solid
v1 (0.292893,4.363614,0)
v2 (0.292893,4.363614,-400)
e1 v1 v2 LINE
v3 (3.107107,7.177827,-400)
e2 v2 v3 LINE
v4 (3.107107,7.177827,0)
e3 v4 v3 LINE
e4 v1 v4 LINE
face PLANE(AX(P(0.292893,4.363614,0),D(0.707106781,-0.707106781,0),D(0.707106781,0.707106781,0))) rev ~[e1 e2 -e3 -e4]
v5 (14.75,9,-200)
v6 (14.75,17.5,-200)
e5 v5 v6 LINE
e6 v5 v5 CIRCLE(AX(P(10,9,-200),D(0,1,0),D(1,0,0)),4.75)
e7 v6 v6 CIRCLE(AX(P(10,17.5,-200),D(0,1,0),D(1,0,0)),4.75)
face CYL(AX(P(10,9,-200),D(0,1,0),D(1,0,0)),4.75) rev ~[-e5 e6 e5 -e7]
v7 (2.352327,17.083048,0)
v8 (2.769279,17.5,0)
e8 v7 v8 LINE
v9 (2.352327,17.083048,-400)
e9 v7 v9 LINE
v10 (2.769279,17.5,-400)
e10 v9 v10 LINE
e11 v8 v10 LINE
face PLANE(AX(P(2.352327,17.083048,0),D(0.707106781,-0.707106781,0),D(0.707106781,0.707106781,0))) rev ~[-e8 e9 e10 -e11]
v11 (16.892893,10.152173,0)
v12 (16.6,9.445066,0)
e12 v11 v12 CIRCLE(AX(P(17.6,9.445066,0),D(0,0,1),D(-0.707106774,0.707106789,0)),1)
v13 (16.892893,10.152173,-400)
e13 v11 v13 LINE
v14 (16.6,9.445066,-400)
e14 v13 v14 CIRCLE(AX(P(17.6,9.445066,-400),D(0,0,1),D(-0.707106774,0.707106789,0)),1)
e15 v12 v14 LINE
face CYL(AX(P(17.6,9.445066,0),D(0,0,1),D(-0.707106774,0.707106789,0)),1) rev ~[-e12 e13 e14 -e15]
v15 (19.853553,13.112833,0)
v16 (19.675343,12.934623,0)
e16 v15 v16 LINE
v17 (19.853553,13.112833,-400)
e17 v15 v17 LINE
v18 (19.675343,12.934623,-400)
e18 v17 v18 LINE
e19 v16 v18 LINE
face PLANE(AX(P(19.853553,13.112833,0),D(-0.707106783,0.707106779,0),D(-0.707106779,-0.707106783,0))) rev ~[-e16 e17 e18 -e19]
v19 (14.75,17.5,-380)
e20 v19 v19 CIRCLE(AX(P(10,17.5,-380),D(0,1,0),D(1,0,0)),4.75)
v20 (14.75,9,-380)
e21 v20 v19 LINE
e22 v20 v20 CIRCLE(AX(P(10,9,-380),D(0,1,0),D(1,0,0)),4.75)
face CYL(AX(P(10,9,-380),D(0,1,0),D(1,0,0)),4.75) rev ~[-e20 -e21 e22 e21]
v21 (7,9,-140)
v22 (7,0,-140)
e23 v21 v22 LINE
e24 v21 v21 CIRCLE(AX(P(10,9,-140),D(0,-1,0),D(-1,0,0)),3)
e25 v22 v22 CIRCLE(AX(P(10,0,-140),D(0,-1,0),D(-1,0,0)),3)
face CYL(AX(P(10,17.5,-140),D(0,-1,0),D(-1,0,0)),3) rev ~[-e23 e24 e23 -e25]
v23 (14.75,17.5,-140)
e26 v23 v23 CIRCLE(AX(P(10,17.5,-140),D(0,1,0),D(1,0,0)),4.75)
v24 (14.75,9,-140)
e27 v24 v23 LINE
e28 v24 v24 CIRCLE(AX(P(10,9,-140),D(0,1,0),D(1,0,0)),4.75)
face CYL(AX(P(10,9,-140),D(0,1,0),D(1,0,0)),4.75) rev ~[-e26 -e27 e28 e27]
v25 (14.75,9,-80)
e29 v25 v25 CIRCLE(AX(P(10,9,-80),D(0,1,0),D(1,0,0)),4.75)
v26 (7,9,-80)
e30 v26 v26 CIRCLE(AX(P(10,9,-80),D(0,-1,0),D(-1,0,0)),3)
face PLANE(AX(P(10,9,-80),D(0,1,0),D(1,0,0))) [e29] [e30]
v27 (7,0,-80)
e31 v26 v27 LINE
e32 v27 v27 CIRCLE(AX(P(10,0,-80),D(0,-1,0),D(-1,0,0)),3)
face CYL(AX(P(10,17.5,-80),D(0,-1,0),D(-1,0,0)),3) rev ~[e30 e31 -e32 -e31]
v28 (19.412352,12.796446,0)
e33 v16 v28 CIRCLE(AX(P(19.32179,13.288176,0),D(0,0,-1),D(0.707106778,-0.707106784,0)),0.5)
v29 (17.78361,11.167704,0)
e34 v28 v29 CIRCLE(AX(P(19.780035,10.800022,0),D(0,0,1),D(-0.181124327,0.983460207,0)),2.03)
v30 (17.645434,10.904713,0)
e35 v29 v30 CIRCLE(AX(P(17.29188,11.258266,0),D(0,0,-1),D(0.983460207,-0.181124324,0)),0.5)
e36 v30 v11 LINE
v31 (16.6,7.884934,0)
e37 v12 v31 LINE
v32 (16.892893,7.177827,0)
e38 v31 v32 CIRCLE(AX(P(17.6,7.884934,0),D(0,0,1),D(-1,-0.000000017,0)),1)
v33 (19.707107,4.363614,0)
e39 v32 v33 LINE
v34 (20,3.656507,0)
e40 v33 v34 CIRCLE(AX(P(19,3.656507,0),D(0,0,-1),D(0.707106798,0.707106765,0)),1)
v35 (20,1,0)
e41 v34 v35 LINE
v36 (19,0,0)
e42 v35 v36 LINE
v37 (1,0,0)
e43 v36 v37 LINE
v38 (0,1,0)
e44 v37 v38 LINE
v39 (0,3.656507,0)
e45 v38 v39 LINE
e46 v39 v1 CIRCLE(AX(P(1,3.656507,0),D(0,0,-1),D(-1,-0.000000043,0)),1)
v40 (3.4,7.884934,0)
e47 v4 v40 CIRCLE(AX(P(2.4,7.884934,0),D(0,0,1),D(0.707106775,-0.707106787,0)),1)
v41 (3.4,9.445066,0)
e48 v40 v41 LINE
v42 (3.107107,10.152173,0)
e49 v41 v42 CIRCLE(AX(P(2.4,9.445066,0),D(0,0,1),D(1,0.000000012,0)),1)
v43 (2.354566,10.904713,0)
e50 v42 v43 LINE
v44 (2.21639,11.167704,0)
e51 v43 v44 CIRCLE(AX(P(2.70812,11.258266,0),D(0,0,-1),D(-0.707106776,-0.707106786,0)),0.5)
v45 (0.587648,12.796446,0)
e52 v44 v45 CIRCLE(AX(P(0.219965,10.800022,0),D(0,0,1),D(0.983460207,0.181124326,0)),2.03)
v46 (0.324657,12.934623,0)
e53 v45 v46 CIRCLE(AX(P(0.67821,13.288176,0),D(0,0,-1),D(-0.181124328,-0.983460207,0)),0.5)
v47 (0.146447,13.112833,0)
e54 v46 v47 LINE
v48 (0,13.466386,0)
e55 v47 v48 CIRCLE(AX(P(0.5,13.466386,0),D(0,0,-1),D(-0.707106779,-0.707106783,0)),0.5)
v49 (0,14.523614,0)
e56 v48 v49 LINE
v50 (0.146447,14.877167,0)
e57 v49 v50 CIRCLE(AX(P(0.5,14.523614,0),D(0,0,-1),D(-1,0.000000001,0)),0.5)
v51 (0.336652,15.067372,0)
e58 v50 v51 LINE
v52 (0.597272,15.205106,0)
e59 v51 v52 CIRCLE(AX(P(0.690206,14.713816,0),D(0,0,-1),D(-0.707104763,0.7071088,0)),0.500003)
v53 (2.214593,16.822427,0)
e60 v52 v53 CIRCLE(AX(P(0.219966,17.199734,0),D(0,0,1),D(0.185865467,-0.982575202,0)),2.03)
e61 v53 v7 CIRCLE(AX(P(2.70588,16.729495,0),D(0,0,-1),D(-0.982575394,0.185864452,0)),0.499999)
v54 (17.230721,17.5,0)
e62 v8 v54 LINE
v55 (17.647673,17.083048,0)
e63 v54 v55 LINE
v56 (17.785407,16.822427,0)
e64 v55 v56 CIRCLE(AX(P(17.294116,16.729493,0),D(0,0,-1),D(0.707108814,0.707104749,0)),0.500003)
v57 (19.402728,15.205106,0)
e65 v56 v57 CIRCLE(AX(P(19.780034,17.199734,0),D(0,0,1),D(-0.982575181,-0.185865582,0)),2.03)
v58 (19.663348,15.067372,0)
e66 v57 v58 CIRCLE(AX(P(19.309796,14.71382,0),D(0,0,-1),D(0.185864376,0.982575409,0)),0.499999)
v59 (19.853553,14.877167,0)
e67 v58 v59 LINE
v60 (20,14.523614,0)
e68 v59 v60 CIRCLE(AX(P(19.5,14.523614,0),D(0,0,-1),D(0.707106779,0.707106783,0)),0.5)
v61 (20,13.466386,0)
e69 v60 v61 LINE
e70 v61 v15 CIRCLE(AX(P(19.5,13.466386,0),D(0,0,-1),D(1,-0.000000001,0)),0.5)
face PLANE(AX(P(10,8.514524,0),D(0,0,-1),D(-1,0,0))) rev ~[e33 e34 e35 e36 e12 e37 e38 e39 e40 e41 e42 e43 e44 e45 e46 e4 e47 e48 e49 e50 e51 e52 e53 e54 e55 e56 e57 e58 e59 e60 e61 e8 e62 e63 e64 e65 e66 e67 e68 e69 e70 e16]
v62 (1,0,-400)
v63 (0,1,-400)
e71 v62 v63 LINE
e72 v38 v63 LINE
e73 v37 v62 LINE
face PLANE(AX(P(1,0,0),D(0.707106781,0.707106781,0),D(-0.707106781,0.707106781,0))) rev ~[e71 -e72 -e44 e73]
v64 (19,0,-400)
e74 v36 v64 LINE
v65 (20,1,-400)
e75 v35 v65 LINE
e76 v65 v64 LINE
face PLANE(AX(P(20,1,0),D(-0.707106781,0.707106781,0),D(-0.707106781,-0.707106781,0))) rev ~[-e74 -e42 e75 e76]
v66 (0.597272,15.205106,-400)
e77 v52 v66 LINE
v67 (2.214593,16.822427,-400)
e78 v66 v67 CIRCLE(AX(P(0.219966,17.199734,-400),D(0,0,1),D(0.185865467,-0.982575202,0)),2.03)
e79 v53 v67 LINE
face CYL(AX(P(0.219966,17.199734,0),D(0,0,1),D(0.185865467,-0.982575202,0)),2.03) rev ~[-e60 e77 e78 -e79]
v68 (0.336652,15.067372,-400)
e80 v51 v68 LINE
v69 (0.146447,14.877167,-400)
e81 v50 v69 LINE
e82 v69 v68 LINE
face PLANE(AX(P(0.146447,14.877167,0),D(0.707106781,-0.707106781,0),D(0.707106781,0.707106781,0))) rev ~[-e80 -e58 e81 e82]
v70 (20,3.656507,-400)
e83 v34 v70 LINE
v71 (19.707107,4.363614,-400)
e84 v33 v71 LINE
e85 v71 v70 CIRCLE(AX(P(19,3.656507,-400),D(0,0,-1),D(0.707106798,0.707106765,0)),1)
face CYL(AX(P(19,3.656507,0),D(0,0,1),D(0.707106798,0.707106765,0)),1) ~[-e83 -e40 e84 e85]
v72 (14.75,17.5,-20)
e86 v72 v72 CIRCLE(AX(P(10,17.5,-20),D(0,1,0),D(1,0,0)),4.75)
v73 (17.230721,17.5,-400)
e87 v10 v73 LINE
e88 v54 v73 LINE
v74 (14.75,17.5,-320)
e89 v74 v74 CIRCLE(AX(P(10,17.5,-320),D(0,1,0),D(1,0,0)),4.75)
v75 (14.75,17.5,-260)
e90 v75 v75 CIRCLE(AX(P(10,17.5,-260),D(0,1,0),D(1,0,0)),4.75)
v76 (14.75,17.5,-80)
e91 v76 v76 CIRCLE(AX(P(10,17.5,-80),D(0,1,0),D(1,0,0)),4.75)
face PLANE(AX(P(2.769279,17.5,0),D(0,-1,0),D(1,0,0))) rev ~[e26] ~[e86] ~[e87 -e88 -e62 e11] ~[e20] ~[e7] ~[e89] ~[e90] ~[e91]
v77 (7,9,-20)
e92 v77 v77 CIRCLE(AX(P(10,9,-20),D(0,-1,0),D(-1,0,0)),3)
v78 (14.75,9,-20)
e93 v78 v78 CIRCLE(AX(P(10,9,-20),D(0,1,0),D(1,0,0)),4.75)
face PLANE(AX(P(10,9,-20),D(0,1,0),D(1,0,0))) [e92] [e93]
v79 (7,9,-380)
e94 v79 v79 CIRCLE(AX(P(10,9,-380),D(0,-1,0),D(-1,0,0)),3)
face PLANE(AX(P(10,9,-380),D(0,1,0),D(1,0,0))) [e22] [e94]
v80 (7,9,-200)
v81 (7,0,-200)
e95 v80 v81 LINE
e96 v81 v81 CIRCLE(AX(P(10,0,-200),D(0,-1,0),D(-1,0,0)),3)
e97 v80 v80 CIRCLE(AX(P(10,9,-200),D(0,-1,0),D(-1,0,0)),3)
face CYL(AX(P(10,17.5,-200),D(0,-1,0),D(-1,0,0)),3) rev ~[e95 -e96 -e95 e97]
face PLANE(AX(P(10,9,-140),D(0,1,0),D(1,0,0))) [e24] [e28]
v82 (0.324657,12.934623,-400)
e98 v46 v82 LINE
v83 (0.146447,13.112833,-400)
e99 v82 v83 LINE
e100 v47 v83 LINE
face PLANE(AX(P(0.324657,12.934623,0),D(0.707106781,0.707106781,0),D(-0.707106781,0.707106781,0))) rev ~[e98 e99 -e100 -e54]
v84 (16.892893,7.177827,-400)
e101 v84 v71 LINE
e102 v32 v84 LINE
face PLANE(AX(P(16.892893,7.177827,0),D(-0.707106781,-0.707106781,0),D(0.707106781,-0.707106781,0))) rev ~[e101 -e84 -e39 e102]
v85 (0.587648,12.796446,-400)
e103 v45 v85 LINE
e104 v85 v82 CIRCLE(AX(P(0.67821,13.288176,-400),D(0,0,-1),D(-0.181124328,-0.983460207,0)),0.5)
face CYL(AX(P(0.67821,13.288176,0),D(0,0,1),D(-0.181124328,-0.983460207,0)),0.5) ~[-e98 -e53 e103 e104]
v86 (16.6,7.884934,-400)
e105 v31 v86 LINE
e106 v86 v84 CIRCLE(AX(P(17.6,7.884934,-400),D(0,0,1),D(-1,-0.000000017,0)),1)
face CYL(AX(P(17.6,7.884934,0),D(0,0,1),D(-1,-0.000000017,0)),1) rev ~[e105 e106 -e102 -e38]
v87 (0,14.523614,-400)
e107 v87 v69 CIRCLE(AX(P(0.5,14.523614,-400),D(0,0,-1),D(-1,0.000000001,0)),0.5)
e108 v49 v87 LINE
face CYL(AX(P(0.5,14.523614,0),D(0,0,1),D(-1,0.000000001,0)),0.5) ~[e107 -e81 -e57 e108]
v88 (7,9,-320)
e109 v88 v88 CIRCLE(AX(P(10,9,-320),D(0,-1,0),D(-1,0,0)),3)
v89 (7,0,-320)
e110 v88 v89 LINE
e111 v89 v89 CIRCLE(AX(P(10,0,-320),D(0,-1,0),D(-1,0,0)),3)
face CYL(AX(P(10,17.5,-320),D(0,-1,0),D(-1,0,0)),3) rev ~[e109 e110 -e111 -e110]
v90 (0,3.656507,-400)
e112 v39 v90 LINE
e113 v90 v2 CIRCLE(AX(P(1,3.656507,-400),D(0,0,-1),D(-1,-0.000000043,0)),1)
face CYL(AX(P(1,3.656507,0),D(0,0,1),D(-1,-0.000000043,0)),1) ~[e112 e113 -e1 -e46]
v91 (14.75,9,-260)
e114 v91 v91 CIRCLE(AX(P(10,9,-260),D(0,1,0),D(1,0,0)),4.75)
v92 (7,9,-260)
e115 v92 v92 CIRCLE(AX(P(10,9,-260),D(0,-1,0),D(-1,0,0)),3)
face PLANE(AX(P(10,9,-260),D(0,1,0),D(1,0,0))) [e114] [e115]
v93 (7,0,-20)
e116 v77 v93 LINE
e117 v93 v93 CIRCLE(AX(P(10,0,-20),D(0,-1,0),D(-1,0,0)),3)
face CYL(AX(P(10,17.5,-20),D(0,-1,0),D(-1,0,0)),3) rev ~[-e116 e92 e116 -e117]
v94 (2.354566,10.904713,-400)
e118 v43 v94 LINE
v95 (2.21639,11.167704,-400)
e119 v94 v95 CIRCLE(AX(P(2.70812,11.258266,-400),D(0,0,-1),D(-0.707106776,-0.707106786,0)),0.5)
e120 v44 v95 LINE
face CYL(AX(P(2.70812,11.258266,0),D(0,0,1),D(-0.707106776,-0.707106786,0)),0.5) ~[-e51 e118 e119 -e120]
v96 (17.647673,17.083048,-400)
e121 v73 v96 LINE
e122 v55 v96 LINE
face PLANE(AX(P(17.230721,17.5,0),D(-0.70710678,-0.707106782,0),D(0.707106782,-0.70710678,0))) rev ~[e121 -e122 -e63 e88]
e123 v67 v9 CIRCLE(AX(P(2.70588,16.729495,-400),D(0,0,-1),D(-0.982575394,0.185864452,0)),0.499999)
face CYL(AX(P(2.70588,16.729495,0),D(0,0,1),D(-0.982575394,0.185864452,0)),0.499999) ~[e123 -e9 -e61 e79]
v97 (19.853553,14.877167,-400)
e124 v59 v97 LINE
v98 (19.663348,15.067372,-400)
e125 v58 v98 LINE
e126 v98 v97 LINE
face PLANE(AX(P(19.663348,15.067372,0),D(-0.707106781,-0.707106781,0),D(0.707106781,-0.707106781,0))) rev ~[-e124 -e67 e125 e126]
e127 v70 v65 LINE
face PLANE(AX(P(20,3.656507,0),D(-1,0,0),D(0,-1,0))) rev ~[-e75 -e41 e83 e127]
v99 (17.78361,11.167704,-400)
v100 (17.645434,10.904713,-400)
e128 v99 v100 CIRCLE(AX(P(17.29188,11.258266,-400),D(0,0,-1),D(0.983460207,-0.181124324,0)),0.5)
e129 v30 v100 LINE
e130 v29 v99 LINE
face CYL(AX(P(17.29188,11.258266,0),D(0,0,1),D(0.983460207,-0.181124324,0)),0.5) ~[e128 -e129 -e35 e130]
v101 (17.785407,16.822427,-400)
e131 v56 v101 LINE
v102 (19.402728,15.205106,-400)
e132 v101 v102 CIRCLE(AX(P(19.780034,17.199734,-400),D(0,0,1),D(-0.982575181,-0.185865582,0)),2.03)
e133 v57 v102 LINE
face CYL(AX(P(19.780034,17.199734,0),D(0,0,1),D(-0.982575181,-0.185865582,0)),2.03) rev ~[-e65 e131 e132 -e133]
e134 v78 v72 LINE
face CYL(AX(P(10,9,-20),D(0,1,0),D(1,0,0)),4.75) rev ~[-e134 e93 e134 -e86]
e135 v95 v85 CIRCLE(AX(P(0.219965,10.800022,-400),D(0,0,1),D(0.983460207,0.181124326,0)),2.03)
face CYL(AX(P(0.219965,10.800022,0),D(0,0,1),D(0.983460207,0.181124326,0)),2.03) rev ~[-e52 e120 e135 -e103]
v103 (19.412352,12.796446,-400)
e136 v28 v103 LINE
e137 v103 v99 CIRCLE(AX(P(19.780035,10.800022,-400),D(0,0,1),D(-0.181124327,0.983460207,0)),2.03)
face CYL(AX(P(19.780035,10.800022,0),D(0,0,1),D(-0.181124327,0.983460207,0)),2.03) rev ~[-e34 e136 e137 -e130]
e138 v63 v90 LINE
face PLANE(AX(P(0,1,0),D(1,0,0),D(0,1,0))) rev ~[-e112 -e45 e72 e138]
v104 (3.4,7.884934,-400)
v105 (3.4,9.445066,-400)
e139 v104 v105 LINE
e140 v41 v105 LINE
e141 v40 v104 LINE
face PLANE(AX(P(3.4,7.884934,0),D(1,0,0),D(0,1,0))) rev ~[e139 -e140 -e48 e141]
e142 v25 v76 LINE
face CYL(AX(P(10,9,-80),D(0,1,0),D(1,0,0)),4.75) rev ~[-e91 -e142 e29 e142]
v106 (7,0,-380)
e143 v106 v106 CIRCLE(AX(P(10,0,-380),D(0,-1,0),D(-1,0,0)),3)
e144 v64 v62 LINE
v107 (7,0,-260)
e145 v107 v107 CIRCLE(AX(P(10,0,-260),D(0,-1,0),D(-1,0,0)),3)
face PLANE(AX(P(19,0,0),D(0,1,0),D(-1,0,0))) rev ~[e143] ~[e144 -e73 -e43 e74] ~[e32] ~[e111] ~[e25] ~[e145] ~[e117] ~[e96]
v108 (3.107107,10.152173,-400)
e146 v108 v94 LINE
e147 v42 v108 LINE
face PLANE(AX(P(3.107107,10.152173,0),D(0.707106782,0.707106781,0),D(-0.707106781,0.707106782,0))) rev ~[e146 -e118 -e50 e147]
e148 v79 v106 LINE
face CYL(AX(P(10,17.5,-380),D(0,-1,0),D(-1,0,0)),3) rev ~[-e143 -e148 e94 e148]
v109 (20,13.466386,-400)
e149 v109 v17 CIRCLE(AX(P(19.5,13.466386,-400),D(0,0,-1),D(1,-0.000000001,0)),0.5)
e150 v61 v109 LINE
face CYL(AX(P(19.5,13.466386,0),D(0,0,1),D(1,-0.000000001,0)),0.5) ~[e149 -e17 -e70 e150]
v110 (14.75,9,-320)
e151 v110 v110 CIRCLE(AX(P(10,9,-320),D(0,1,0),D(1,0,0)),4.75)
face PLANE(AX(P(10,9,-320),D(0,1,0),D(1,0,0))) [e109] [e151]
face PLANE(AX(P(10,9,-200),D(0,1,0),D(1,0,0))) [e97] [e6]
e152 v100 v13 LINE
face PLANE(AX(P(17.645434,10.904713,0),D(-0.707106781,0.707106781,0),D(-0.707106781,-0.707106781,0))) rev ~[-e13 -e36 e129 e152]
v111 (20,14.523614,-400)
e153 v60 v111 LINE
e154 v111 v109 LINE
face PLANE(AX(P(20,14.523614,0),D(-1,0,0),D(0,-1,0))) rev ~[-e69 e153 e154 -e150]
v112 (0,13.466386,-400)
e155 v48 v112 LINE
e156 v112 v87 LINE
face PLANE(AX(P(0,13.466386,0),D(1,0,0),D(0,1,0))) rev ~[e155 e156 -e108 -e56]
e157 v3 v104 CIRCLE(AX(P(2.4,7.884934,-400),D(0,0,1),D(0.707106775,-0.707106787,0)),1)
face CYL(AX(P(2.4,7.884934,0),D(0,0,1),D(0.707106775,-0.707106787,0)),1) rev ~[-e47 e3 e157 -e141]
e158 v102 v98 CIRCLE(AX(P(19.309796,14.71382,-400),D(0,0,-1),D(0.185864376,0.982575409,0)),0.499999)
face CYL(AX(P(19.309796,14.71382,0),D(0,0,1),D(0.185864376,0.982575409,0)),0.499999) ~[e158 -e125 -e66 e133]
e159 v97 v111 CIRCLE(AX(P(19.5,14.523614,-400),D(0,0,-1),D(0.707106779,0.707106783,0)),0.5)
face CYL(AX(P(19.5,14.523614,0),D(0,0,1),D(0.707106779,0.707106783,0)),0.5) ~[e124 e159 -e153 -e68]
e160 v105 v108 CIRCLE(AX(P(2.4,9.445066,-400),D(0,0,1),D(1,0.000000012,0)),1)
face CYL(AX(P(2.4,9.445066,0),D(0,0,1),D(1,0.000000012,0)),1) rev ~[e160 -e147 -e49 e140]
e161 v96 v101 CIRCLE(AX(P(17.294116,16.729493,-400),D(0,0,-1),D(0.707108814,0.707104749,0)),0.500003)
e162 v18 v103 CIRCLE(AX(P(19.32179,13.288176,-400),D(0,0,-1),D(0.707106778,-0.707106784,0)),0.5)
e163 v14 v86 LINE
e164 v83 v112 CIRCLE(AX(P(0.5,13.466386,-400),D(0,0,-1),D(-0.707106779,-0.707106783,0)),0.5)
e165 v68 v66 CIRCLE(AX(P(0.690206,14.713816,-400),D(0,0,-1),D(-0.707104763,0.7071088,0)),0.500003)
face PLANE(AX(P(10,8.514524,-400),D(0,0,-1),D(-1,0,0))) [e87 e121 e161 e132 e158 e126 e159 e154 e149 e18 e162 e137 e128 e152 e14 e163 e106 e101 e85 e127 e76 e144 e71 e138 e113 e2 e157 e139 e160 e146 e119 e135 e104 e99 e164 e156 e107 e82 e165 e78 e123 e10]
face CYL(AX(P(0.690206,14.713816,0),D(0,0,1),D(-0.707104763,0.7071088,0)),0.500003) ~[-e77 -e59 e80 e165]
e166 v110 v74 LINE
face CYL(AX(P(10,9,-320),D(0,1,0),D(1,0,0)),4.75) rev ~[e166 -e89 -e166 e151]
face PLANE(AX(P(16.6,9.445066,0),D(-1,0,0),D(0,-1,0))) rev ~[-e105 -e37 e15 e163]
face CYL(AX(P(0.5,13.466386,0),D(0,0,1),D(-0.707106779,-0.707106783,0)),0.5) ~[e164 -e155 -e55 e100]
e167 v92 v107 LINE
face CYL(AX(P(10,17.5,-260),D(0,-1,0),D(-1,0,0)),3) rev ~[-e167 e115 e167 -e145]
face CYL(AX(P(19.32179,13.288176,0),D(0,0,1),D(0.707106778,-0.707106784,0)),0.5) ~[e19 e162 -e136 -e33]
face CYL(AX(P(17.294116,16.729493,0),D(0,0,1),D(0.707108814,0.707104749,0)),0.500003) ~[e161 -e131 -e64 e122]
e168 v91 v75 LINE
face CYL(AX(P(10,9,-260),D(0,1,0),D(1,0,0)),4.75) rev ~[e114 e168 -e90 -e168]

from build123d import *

# Parameters (mm, degrees)
EXTRUDE_1_DEPTH           = 400
HOLE_WIZARD_1_D           = 6
HOLE_WIZARD_1_CBORE_D     = 9.5
HOLE_WIZARD_1_CBORE_DEPTH = 8.5
PATTERN_LINEAR_1_COUNT    = 7
PATTERN_LINEAR_1_PITCH    = 60


with BuildPart() as part:
    # 草图1 → 凸台-拉伸1 (new body)
    with BuildSketch(Plane.XY):
        with BuildLine():
            Line((0.146446607, 14.877167225), (0.33665166, 15.067372278))
            ThreePointArc((0.33665166, 15.067372278), (0.456581276, 15.155881832), (0.597272425, 15.205106231))
            ThreePointArc((0.597272425, 15.205106231), (1.655392341, 15.764307144), (2.214593278, 16.822427055))
            ThreePointArc((2.214593278, 16.822427055), (2.263817599, 16.96311829), (2.3523274, 17.083047759))
            Line((2.3523274, 17.083047759), (2.769279462, 17.499999821))
            Line((2.769279462, 17.499999821), (17.230720684, 17.499999821))
            Line((17.230720684, 17.499999821), (17.647672747, 17.083047759))
            ThreePointArc((17.647672747, 17.083047759), (17.736182286, 16.963118168), (17.785406689, 16.822427051))
            ThreePointArc((17.785406689, 16.822427051), (18.344607694, 15.764307233), (19.402727615, 15.205106406))
            ThreePointArc((19.402727615, 15.205106406), (19.54341887, 15.155882087), (19.663348354, 15.067372278))
            Line((19.663348354, 15.067372278), (19.853553407, 14.877167225))
            ThreePointArc((19.853553407, 14.877167225), (19.961939783, 14.714955551), (20.000000017, 14.523613835))
            Line((20.000000017, 14.523613835), (20.000000017, 13.466386174))
            ThreePointArc((20.000000017, 13.466386174), (19.961939783, 13.275044458), (19.853553407, 13.112832784))
            Line((19.853553407, 13.112832784), (19.675343411, 12.934622787))
            ThreePointArc((19.675343411, 12.934622787), (19.554347233, 12.845550893), (19.412352183, 12.796446074))
            ThreePointArc((19.412352183, 12.796446074), (18.344607801, 12.23544862), (17.783610347, 11.167704238))
            ThreePointArc((17.783610347, 11.167704238), (17.734505529, 11.025709189), (17.645433635, 10.904713011))
            Line((17.645433635, 10.904713011), (16.892893236, 10.152172612))
            ThreePointArc((16.892893236, 10.152172612), (16.676120484, 9.827749263), (16.600000023, 9.44506583))
            Line((16.600000023, 9.44506583), (16.600000023, 7.884934177))
            ThreePointArc((16.600000023, 7.884934177), (16.67612049, 7.502250748), (16.892893231, 7.177827393))
            Line((16.892893231, 7.177827393), (19.707106793, 4.363613831))
            ThreePointArc((19.707106793, 4.363613831), (19.923879539, 4.039190479), (20.000000006, 3.656507049))
            Line((20.000000006, 3.656507049), (20.000000006, 1))
            Line((20.000000006, 1), (19.000000006, 0))
            Line((19.000000006, 0), (1.000000006, 0))
            Line((1.000000006, 0), (6e-09, 1))
            Line((6e-09, 1), (6e-09, 3.656507049))
            ThreePointArc((6e-09, 3.656507049), (0.076120462, 4.039190482), (0.292893214, 4.363613832))
            Line((0.292893214, 4.363613832), (3.107106776, 7.177827394))
            ThreePointArc((3.107106776, 7.177827394), (3.323879528, 7.502250744), (3.399999989, 7.884934177))
            Line((3.399999989, 7.884934177), (3.399999989, 9.44506583))
            ThreePointArc((3.399999989, 9.44506583), (3.323879522, 9.827749259), (3.107106778, 10.152172612))
            Line((3.107106778, 10.152172612), (2.35456638, 10.904713011))
            ThreePointArc((2.35456638, 10.904713011), (2.265494485, 11.025709189), (2.216389667, 11.167704238))
            ThreePointArc((2.216389667, 11.167704238), (1.655392213, 12.235448621), (0.587647831, 12.796446074))
            ThreePointArc((0.587647831, 12.796446074), (0.445652781, 12.845550893), (0.324656604, 12.934622787))
            Line((0.324656604, 12.934622787), (0.146446607, 13.112832784))
            ThreePointArc((0.146446607, 13.112832784), (0.038060231, 13.275044458), (-3e-09, 13.466386175))
            Line((-3e-09, 13.466386175), (-3e-09, 14.523613835))
            ThreePointArc((-3e-09, 14.523613835), (0.038060231, 14.714955551), (0.146446607, 14.877167225))
        make_face()
    extrude(amount=-EXTRUDE_1_DEPTH)

    # 打孔尺寸根据内六角圆柱头螺钉的类型1 (through all)
    with Locations(Plane(origin=(0, 17.499999821, 0), x_dir=(1, 0, 0), z_dir=(0, 1, 0))):
        with Locations((10.000000073, 20)):
            hole_wizard_1 = CounterBoreHole(HOLE_WIZARD_1_D / 2, HOLE_WIZARD_1_CBORE_D / 2, HOLE_WIZARD_1_CBORE_DEPTH)

    # 阵列(线性)1: 打孔尺寸根据内六角圆柱头螺钉的类型1 ×7
    with Locations(*[(0, 0, -i * PATTERN_LINEAR_1_PITCH) for i in range(1, PATTERN_LINEAR_1_COUNT)]):
        add(hole_wizard_1, mode=Mode.SUBTRACT)


solid = part.part
